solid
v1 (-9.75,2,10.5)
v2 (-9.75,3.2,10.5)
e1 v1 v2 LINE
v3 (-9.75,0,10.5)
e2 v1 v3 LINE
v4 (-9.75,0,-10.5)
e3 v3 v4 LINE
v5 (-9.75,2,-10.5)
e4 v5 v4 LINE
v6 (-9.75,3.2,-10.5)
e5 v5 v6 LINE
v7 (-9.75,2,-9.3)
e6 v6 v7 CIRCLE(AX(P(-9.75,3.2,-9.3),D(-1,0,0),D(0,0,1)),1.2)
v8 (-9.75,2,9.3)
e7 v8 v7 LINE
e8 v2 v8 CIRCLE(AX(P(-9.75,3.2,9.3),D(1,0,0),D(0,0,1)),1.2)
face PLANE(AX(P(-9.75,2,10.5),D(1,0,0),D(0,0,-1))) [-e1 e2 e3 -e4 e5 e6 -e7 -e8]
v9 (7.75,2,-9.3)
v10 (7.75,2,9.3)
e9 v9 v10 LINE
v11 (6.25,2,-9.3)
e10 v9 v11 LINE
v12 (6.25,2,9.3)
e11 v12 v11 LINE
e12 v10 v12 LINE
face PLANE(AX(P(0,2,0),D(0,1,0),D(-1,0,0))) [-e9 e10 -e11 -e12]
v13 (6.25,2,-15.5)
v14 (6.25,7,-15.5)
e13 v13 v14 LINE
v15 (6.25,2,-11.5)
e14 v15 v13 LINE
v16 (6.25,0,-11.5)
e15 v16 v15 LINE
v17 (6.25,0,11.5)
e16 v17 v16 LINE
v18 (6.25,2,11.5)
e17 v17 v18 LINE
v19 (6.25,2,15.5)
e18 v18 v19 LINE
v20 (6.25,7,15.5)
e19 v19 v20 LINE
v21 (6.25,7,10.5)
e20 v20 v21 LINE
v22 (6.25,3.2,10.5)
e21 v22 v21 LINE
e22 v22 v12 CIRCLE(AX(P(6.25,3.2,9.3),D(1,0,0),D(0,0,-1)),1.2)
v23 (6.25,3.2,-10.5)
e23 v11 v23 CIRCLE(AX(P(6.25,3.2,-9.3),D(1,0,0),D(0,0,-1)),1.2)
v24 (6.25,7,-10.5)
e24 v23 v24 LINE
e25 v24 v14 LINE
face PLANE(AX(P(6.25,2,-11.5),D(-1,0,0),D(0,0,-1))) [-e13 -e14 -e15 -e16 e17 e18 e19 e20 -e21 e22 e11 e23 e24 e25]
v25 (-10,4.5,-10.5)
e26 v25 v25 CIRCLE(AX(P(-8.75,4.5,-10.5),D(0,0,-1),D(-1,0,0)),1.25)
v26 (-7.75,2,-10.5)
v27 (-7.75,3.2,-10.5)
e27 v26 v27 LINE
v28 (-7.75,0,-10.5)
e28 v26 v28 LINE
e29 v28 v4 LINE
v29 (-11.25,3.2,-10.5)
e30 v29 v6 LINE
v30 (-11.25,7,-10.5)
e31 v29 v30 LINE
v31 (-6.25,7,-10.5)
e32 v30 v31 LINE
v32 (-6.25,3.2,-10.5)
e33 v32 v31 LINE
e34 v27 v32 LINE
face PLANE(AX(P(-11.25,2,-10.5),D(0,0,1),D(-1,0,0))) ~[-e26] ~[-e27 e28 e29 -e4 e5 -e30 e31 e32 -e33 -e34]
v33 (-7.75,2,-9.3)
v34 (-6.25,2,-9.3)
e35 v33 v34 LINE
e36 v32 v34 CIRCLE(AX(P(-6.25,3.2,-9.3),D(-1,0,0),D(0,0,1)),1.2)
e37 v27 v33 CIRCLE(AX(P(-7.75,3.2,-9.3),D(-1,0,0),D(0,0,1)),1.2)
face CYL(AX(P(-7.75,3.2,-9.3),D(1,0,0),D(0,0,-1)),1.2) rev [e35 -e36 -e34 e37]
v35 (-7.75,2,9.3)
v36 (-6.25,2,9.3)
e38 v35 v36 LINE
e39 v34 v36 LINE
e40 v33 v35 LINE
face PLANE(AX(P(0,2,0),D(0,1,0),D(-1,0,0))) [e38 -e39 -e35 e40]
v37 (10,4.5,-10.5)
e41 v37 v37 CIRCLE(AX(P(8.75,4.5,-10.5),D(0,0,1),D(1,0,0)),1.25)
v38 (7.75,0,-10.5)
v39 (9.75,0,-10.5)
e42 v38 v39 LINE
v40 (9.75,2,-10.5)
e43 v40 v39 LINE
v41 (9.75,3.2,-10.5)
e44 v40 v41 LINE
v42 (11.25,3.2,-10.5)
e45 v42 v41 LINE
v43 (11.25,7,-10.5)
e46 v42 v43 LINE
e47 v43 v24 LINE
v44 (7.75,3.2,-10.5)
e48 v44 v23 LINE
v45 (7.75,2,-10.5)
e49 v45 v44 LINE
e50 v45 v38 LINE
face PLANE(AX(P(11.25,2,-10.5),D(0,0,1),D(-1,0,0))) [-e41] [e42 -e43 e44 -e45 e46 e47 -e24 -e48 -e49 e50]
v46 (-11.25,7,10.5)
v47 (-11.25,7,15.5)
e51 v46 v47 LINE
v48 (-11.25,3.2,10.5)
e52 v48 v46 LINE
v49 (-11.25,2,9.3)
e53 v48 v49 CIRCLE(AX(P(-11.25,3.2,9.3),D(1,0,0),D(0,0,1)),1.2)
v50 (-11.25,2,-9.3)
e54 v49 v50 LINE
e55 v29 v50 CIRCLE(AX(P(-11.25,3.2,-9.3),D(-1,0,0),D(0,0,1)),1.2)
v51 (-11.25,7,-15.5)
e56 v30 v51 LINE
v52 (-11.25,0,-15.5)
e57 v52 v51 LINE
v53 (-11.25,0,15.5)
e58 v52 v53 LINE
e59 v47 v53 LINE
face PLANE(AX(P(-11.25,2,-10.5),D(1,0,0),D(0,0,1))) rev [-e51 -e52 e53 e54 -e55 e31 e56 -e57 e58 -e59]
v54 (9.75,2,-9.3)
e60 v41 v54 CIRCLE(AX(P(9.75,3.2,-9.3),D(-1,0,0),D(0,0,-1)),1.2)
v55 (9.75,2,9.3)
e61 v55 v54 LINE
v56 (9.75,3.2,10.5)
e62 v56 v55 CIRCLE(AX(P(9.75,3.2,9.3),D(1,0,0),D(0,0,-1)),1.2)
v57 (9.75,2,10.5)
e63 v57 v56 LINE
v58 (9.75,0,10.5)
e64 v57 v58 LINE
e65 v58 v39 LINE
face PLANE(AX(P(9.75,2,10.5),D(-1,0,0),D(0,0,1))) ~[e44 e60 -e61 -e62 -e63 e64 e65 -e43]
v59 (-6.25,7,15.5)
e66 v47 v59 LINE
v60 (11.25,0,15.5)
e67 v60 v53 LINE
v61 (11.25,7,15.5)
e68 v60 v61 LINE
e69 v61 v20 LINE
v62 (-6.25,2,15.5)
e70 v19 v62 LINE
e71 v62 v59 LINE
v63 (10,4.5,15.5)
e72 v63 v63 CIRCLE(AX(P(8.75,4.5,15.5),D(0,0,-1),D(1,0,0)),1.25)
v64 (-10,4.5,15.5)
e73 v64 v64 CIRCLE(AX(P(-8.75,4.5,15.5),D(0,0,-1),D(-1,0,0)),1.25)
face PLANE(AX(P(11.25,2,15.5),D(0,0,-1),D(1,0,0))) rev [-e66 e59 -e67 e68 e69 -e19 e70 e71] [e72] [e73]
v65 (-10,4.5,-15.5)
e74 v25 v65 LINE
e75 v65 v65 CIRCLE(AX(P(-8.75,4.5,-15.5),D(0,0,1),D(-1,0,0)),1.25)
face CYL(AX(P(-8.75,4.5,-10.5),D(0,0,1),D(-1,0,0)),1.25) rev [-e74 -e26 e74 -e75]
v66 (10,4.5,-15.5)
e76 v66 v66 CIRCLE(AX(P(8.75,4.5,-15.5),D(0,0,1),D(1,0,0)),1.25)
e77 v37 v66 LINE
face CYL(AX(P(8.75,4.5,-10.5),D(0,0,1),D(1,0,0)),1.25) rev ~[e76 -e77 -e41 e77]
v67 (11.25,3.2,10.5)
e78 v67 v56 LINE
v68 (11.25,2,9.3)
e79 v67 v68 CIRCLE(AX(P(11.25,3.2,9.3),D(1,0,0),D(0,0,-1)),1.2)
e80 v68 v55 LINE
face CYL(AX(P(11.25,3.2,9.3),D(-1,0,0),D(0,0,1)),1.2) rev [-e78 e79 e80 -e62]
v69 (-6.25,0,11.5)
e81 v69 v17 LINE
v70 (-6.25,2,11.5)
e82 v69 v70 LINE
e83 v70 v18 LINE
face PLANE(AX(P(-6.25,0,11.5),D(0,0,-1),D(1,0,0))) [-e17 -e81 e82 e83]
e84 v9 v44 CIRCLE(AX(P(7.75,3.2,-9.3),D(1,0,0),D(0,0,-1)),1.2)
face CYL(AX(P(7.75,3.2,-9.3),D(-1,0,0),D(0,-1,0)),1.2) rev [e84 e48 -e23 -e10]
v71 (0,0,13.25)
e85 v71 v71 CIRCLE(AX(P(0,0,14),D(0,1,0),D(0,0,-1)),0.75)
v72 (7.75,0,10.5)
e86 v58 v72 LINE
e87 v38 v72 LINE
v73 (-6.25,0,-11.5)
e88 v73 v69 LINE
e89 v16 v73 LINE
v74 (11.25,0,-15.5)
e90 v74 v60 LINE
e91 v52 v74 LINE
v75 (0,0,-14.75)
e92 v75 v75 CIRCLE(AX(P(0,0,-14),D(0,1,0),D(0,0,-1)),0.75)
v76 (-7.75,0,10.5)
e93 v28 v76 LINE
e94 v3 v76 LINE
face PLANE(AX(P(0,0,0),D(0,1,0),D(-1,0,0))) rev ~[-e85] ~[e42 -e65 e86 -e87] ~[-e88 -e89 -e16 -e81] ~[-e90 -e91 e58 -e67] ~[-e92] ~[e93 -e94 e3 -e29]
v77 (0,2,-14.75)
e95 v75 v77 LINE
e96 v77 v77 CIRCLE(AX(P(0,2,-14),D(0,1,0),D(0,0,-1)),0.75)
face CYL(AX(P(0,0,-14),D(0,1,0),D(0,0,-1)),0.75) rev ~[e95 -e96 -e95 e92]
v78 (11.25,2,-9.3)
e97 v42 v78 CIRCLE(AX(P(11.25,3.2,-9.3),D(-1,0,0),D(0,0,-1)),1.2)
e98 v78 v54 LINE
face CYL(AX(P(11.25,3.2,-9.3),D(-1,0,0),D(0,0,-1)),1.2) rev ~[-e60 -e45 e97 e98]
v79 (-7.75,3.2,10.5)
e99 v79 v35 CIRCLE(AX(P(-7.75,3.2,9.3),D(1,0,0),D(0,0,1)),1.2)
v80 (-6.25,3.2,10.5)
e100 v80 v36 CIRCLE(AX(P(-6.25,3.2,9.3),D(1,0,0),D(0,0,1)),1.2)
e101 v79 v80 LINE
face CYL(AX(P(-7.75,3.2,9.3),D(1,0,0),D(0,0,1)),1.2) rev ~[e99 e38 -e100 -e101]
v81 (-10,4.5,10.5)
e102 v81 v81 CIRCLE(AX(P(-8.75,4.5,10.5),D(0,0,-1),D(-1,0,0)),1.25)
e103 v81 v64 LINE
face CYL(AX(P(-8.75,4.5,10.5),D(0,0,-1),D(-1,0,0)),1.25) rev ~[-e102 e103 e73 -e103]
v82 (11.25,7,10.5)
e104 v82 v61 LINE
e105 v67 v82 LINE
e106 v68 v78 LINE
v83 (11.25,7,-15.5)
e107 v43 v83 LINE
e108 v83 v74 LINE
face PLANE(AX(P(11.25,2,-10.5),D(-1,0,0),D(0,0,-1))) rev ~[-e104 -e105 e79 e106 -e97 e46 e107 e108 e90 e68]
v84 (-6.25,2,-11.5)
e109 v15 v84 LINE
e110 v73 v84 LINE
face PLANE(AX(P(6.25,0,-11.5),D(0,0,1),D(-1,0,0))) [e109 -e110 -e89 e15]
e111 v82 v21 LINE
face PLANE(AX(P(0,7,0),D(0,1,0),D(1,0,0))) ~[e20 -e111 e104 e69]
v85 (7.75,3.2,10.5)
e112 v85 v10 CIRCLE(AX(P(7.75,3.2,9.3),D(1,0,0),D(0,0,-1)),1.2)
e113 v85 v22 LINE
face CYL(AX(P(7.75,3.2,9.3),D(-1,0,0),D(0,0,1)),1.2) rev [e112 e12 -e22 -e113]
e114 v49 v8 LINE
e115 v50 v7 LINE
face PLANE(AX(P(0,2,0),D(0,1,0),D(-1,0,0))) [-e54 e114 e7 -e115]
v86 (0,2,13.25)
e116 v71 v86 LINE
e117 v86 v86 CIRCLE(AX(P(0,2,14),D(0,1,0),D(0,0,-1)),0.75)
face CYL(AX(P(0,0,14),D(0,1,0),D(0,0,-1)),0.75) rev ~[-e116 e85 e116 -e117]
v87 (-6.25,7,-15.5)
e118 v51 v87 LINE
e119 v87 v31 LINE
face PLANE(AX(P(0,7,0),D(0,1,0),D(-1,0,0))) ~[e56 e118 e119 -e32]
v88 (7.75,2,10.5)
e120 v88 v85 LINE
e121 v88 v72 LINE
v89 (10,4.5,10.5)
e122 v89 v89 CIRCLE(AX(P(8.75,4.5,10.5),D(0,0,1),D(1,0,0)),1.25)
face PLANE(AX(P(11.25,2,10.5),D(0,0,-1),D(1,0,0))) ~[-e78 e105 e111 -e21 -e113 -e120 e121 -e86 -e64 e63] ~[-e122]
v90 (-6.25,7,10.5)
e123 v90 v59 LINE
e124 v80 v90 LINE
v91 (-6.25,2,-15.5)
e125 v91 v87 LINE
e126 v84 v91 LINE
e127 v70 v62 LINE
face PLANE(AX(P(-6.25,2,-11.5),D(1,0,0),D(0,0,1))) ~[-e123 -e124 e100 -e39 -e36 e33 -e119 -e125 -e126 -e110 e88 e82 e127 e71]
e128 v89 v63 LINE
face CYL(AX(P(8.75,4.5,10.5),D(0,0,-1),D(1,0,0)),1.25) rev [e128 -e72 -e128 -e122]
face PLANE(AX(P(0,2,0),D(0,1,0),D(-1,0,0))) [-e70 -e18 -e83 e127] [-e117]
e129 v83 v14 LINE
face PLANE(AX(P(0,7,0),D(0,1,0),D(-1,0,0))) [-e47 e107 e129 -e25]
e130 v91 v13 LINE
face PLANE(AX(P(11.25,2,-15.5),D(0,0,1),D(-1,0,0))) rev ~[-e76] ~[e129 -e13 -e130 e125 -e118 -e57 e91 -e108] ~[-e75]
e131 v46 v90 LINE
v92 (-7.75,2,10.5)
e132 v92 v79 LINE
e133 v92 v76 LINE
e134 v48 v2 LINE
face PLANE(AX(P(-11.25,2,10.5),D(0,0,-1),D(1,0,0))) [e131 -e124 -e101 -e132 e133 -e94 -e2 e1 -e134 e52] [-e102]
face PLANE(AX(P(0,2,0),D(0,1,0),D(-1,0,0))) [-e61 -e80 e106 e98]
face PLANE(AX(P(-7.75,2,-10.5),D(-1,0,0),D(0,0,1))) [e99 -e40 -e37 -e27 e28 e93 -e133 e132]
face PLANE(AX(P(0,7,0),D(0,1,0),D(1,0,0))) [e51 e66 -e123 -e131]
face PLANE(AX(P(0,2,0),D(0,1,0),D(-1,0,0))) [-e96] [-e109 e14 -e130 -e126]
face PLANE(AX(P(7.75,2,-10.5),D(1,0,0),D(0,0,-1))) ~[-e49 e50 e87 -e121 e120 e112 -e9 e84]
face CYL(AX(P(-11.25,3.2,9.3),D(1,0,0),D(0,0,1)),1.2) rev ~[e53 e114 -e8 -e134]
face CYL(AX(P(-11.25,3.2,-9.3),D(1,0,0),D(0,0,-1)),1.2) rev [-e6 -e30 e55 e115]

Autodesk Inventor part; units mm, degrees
ref_plane "YZ Plane" through (0, 0, 0) normal (1, 0, 0) x (0, 1, 0)
sketch "スケッチ1" plane through (0, 0, 0) normal (0, 1, 0) x (-1, 0, 0)
  line L0 (6.25, 11.5) -> (-6.25, 11.5)
  line L1 (-6.25, 11.5) -> (-6.25, -11.5)
  line L2 (-6.25, -11.5) -> (6.25, -11.5)
  line L3 (6.25, -11.5) -> (6.25, 11.5)
  line L4 (6.25, -11.5) -> (-6.25, 11.5) construction
  line L5 (6.25, 11.5) -> (-6.25, -11.5) construction
  line L6 (11.25, 11.5) -> (11.25, -11.5)
  line L7 (-11.25, 11.5) -> (-11.25, -11.5)
  line L8 (0, 4) -> (0, -4) construction
  line L9 (0, 14) -> (0, -14) construction
  line L10 (11.25, -11.5) -> (11.25, -15.5)
  line L11 (11.25, -15.5) -> (-11.25, -15.5)
  line L12 (-11.25, -15.5) -> (-11.25, -11.5)
  line L13 (-11.25, 11.5) -> (-11.25, 15.5)
  line L14 (-11.25, 15.5) -> (11.25, 15.5)
  line L15 (11.25, 15.5) -> (11.25, 11.5)
  point P0 (0, 0)
  point P1 (0, 0)
  point P2 (0, 0)
  point P3 (0, -14)
  dimension "d0" = 23
  dimension "d1" = 12.5
  dimension "d2" = 5
  dimension "d3" = 28
  dimension "d4" = 8
  dimension "d21" = 4
  dimension "d26" = 5
  dimension "d27" = 4
extrude "押し出し1" add sketch "スケッチ1" along normal blind 2
hole "穴1" at (0, 0, 4) at (0, 0, -4) at (0, 0, 14) at (0, 0, -14) direction (0, 1, 0) diameter 1.5 end through all
sketch "スケッチ2" plane through (0, 2, 0) normal (0, 1, 0) x (1, 0, 0)
  line L0 (-6.25, -11.5) -> (-6.25, 11.5) projected
  circle A0 centre (0, -14) radius 0.75 projected
  circle A1 centre (0, 14) radius 0.75 projected
  line L1 (-11.25, 15.5) -> (-11.25, -15.5) projected
  line L2 (11.25, -15.5) -> (11.25, 15.5) projected
  line L3 (11.25, 15.5) -> (-11.25, 15.5) projected
  line L4 (-11.25, -15.5) -> (11.25, -15.5) projected
  line L5 (-11.25, 15.5) -> (-11.25, -15.5) projected
  line L6 (-11.25, -15.5) -> (11.25, -15.5) projected
  line L7 (-6.25, -15.5) -> (-11.25, -15.5)
  line L8 (-11.25, -15.5) -> (-11.25, -10.5)
  line L9 (-11.25, -10.5) -> (-6.25, -10.5)
  line L10 (-6.25, -10.5) -> (-6.25, -15.5)
  line L11 (6.25, -11.5) -> (-6.25, -11.5) projected
  line L12 (-6.25, -11.5) -> (-6.25, 11.5) projected
  line L13 (-6.25, 11.5) -> (6.25, 11.5) projected
  line L14 (6.25, 11.5) -> (6.25, -11.5) projected
  point P0 (0, 0)
  point P1 (-6.25, -10.5)
  dimension "d28" = 5
extrude "押し出し2" add sketch "スケッチ2" along normal blind 5 contours L10 L4 L1 L9 L0
sketch "スケッチ6" plane through (-6.25, 2, 10.5) normal (0, 0, -1) x (-1, 0, 0)
  line L0 (5, 0) -> (0, 5) construction
  line L1 (5, 5) -> (0, 0) construction
  circle A0 centre (2.5, 2.5) radius 1.25
  point P0 (-6.25, -2)
  dimension "d29" = 2.5
extrude "押し出し5" cut sketch "スケッチ6" along normal through all both and the other way through all
mirror "ミラー4" about plane through (0, 0, 0) normal (0, 0, 1) of "押し出し2", "押し出し5"
sketch "スケッチ7" plane through (0, 2, 0) normal (0, 1, 0) x (1, 0, 0)
  line L0 (-6.25, 10.5) -> (-11.25, 10.5) projected
  line L1 (-11.25, -10.5) -> (-6.25, -10.5) projected
  line L2 (-6.25, -10.5) -> (-11.25, 10.5) construction
  line L3 (-6.25, 10.5) -> (-11.25, -10.5) construction
  line L4 (-7.75, -10.5) -> (-9.75, -10.5)
  line L5 (-9.75, -10.5) -> (-9.75, 10.5)
  line L6 (-9.75, 10.5) -> (-7.75, 10.5)
  line L7 (-7.75, 10.5) -> (-7.75, -10.5)
  line L8 (-7.75, -10.5) -> (-9.75, 10.5) construction
  point P0 (0, 0)
  point P1 (-8.75, 0)
  dimension "d32" = 2
extrude "押し出し6" cut sketch "スケッチ7" against normal through all
mirror "ミラー5" about plane through (0, 0, 0) normal (1, 0, 0) of "押し出し2", "押し出し5", "ミラー4", "押し出し6"
fillet "フィレット1" radius 1.2 8 edges at (-10.5, 2, -10.5) (-7, 2, -10.5) (7, 2, -10.5) (10.5, 2, -10.5) (-10.5, 2, 10.5) (-7, 2, 10.5) (7, 2, 10.5) (10.5, 2, 10.5)
ref_plane "作業平面1" through (8.75, 0, 15.5) normal (1, 0, 0) x (0, 0, -1)
ref_plane "作業平面2" through (-8.75, 0, 11.5) normal (1, 0, 0) x (0, 0, -1)
equation "\"d26\" = d2"
equation "\"d27\" = d21"
properties part number "om_DropBase_8g" material "ABS プラスチック"
